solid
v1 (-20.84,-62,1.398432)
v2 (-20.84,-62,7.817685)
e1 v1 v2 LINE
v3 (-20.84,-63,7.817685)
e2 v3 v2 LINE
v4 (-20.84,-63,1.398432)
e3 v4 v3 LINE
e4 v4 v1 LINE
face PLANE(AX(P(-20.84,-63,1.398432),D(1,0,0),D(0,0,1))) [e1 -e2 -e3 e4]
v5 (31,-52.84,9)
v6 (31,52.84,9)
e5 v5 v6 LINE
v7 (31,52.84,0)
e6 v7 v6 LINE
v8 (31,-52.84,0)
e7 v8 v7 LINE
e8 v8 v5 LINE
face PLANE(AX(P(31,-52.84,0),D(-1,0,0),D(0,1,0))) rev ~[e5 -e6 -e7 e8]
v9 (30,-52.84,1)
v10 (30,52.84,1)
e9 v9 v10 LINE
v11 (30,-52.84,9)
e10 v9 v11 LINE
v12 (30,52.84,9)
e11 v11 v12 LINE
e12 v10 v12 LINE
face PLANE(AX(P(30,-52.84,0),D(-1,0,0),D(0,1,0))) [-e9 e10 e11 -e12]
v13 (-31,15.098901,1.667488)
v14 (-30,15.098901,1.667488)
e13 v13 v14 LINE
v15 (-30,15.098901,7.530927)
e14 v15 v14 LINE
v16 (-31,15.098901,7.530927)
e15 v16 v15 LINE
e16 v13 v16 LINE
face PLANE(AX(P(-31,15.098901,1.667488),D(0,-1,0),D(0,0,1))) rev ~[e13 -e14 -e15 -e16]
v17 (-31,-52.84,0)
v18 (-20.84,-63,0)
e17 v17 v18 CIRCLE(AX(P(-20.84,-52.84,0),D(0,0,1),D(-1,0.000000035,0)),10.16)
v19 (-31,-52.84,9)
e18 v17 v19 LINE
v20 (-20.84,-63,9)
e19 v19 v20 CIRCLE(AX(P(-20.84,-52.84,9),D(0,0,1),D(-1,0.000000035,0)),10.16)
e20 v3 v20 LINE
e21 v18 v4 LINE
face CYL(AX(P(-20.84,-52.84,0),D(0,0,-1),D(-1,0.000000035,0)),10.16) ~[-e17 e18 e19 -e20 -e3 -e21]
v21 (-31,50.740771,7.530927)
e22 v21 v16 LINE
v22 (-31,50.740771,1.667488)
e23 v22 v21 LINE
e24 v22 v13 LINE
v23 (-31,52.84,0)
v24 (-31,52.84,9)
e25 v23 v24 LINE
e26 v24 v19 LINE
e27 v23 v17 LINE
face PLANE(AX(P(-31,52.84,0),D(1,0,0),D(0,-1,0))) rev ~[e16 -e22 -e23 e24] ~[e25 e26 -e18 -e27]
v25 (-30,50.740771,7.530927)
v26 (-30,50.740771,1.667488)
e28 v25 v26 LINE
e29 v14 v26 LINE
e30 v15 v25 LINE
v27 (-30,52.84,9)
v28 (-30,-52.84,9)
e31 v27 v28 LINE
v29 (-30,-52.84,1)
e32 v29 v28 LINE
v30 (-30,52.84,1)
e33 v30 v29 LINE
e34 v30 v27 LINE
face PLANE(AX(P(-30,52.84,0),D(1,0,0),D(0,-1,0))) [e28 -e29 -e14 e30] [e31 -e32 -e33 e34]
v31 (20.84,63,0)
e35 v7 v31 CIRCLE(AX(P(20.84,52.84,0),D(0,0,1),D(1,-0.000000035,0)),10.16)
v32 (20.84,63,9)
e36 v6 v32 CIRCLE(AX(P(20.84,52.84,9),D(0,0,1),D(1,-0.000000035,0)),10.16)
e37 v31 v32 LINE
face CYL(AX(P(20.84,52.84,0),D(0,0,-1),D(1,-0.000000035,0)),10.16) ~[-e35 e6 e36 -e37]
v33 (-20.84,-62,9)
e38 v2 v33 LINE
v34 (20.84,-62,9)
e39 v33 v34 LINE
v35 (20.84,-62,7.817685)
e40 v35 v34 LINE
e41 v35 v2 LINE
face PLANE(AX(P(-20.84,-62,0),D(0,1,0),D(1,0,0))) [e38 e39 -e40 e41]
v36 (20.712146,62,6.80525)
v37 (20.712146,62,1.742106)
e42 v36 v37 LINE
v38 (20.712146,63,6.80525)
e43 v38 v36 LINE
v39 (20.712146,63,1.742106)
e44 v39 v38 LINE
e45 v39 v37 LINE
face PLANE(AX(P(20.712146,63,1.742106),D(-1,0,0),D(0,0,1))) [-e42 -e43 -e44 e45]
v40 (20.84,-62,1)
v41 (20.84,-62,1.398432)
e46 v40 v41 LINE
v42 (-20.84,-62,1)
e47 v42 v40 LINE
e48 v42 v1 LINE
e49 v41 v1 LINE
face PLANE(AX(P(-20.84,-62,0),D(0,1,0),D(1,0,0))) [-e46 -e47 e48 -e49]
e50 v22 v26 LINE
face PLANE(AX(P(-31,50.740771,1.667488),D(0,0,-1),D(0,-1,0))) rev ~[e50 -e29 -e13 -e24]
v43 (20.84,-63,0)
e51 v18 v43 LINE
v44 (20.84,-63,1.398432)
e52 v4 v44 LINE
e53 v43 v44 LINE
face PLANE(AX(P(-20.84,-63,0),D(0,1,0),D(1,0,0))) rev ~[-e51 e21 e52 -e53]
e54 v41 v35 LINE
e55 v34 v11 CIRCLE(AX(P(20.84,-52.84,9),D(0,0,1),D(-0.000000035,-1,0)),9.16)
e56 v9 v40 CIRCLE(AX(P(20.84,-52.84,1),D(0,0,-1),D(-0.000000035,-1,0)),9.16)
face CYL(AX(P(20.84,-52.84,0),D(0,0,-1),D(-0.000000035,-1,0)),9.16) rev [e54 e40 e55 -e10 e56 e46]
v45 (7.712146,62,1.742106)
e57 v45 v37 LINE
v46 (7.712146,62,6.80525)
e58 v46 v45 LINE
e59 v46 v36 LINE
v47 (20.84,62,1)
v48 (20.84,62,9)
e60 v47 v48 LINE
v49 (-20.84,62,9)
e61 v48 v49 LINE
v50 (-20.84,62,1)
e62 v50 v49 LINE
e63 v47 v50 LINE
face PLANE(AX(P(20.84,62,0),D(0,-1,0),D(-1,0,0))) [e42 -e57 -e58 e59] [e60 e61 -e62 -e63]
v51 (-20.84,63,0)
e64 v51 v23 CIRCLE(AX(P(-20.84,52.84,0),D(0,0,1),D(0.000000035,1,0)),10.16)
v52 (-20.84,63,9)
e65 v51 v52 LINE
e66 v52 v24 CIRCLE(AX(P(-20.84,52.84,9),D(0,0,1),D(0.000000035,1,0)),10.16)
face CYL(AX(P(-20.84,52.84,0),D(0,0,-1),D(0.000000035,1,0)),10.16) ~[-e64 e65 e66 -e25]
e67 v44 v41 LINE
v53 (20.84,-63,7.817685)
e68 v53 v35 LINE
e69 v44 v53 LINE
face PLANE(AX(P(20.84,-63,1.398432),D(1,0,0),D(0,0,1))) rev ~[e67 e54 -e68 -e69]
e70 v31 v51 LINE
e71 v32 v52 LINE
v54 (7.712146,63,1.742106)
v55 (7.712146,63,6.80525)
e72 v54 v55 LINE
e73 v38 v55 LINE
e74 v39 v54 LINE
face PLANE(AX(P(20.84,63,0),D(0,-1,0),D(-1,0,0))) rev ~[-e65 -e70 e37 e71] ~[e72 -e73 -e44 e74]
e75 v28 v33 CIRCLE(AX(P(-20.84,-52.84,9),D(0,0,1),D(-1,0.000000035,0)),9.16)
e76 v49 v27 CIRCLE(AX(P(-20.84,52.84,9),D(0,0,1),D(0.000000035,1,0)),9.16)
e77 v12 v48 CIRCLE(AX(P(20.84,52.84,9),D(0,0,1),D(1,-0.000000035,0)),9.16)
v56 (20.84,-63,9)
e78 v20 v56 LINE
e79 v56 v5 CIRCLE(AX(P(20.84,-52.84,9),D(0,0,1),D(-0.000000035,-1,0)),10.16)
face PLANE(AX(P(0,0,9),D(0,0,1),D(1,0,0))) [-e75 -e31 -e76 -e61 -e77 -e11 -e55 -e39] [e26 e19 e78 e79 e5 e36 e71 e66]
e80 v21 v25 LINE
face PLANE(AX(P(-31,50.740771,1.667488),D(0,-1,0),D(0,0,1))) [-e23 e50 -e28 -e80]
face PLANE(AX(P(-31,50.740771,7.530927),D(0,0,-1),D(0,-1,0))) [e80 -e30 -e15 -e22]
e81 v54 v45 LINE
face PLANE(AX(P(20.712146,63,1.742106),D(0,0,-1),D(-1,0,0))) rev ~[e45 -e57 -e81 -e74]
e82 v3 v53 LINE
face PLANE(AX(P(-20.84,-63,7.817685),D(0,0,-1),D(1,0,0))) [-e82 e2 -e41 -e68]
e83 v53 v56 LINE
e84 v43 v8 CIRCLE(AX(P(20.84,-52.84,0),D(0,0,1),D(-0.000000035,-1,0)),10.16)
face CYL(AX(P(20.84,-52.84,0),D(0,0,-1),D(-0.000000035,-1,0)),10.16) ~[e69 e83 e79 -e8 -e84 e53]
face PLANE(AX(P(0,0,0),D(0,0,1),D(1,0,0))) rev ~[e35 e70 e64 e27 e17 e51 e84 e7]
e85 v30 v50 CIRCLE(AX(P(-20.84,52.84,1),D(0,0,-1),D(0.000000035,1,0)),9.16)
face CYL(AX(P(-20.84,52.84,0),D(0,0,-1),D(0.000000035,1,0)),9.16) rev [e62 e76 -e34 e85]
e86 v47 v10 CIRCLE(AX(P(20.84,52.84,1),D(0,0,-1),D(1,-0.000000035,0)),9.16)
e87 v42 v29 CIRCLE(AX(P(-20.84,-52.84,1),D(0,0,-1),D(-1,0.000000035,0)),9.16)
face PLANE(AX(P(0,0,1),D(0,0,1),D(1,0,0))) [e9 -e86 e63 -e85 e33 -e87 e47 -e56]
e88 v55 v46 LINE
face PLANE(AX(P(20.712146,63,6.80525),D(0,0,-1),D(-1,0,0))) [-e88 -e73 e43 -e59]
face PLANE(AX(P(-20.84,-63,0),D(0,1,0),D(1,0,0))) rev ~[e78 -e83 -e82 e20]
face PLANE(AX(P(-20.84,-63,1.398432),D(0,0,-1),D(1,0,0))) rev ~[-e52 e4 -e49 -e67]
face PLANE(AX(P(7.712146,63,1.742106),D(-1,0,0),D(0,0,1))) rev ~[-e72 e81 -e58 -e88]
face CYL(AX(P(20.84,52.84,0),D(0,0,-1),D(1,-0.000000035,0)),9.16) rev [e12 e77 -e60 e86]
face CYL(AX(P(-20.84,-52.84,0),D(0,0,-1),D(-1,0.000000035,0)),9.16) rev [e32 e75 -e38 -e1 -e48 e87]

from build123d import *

# Parameters (mm, degrees)
F1_DEPTH = 9
F2_T     = -1
F3_W     = 13
F3_H     = 5.063144
F4_DEPTH = 8.9
F5_W     = 35.64187
F5_H     = 5.863439
F6_DEPTH = 9.9
F7_W     = 41.68
F7_H     = 6.419253
F8_DEPTH = 25


with BuildPart() as f1:
    # F0 (on Top) → F1 (new body)
    with BuildSketch(Plane.XY):
        with BuildLine():
            ThreePointArc((31, 52.84), (28.024205, 60.024205), (20.84, 63))
            Line((20.84, 63), (-20.84, 63))
            ThreePointArc((-20.84, 63), (-28.024205, 60.024205), (-31, 52.84))
            Line((-31, 52.84), (-31, -52.84))
            ThreePointArc((-31, -52.84), (-28.024205, -60.024205), (-20.84, -63))
            Line((-20.84, -63), (20.84, -63))
            ThreePointArc((20.84, -63), (28.024205, -60.024205), (31, -52.84))
            Line((31, -52.84), (31, 52.84))
        make_face()
    extrude(amount=F1_DEPTH)

    # F2
    f2_openings = [f1.faces().sort_by_distance(p)[0] for p in [
        (0, 0, 9),
    ]]
    offset(amount=F2_T, openings=f2_openings)

    # F3 (on face) → F4 (cut)
    with BuildSketch(Plane(origin=(0, 63, 0), x_dir=(-1, 0, 0), z_dir=(0, 1, 0))):
        with Locations((-14.212146, 4.273678)):
            Rectangle(F3_W, F3_H)
    extrude(amount=-F4_DEPTH, mode=Mode.SUBTRACT)

    # F5 (on face) → F6 (cut)
    with BuildSketch(Plane(origin=(-31, 0, 0), x_dir=(0, -1, 0), z_dir=(-1, 0, 0))):
        with Locations((-32.919836, 4.599208)):
            Rectangle(F5_W, F5_H)
    extrude(amount=-F6_DEPTH, mode=Mode.SUBTRACT)

    # F7 (on face) → F8 (cut)
    with BuildSketch(Plane.XZ.offset(63)):
        with Locations((0, 4.608059)):
            Rectangle(F7_W, F7_H)
    extrude(amount=-F8_DEPTH, mode=Mode.SUBTRACT)


solid = f1.part
